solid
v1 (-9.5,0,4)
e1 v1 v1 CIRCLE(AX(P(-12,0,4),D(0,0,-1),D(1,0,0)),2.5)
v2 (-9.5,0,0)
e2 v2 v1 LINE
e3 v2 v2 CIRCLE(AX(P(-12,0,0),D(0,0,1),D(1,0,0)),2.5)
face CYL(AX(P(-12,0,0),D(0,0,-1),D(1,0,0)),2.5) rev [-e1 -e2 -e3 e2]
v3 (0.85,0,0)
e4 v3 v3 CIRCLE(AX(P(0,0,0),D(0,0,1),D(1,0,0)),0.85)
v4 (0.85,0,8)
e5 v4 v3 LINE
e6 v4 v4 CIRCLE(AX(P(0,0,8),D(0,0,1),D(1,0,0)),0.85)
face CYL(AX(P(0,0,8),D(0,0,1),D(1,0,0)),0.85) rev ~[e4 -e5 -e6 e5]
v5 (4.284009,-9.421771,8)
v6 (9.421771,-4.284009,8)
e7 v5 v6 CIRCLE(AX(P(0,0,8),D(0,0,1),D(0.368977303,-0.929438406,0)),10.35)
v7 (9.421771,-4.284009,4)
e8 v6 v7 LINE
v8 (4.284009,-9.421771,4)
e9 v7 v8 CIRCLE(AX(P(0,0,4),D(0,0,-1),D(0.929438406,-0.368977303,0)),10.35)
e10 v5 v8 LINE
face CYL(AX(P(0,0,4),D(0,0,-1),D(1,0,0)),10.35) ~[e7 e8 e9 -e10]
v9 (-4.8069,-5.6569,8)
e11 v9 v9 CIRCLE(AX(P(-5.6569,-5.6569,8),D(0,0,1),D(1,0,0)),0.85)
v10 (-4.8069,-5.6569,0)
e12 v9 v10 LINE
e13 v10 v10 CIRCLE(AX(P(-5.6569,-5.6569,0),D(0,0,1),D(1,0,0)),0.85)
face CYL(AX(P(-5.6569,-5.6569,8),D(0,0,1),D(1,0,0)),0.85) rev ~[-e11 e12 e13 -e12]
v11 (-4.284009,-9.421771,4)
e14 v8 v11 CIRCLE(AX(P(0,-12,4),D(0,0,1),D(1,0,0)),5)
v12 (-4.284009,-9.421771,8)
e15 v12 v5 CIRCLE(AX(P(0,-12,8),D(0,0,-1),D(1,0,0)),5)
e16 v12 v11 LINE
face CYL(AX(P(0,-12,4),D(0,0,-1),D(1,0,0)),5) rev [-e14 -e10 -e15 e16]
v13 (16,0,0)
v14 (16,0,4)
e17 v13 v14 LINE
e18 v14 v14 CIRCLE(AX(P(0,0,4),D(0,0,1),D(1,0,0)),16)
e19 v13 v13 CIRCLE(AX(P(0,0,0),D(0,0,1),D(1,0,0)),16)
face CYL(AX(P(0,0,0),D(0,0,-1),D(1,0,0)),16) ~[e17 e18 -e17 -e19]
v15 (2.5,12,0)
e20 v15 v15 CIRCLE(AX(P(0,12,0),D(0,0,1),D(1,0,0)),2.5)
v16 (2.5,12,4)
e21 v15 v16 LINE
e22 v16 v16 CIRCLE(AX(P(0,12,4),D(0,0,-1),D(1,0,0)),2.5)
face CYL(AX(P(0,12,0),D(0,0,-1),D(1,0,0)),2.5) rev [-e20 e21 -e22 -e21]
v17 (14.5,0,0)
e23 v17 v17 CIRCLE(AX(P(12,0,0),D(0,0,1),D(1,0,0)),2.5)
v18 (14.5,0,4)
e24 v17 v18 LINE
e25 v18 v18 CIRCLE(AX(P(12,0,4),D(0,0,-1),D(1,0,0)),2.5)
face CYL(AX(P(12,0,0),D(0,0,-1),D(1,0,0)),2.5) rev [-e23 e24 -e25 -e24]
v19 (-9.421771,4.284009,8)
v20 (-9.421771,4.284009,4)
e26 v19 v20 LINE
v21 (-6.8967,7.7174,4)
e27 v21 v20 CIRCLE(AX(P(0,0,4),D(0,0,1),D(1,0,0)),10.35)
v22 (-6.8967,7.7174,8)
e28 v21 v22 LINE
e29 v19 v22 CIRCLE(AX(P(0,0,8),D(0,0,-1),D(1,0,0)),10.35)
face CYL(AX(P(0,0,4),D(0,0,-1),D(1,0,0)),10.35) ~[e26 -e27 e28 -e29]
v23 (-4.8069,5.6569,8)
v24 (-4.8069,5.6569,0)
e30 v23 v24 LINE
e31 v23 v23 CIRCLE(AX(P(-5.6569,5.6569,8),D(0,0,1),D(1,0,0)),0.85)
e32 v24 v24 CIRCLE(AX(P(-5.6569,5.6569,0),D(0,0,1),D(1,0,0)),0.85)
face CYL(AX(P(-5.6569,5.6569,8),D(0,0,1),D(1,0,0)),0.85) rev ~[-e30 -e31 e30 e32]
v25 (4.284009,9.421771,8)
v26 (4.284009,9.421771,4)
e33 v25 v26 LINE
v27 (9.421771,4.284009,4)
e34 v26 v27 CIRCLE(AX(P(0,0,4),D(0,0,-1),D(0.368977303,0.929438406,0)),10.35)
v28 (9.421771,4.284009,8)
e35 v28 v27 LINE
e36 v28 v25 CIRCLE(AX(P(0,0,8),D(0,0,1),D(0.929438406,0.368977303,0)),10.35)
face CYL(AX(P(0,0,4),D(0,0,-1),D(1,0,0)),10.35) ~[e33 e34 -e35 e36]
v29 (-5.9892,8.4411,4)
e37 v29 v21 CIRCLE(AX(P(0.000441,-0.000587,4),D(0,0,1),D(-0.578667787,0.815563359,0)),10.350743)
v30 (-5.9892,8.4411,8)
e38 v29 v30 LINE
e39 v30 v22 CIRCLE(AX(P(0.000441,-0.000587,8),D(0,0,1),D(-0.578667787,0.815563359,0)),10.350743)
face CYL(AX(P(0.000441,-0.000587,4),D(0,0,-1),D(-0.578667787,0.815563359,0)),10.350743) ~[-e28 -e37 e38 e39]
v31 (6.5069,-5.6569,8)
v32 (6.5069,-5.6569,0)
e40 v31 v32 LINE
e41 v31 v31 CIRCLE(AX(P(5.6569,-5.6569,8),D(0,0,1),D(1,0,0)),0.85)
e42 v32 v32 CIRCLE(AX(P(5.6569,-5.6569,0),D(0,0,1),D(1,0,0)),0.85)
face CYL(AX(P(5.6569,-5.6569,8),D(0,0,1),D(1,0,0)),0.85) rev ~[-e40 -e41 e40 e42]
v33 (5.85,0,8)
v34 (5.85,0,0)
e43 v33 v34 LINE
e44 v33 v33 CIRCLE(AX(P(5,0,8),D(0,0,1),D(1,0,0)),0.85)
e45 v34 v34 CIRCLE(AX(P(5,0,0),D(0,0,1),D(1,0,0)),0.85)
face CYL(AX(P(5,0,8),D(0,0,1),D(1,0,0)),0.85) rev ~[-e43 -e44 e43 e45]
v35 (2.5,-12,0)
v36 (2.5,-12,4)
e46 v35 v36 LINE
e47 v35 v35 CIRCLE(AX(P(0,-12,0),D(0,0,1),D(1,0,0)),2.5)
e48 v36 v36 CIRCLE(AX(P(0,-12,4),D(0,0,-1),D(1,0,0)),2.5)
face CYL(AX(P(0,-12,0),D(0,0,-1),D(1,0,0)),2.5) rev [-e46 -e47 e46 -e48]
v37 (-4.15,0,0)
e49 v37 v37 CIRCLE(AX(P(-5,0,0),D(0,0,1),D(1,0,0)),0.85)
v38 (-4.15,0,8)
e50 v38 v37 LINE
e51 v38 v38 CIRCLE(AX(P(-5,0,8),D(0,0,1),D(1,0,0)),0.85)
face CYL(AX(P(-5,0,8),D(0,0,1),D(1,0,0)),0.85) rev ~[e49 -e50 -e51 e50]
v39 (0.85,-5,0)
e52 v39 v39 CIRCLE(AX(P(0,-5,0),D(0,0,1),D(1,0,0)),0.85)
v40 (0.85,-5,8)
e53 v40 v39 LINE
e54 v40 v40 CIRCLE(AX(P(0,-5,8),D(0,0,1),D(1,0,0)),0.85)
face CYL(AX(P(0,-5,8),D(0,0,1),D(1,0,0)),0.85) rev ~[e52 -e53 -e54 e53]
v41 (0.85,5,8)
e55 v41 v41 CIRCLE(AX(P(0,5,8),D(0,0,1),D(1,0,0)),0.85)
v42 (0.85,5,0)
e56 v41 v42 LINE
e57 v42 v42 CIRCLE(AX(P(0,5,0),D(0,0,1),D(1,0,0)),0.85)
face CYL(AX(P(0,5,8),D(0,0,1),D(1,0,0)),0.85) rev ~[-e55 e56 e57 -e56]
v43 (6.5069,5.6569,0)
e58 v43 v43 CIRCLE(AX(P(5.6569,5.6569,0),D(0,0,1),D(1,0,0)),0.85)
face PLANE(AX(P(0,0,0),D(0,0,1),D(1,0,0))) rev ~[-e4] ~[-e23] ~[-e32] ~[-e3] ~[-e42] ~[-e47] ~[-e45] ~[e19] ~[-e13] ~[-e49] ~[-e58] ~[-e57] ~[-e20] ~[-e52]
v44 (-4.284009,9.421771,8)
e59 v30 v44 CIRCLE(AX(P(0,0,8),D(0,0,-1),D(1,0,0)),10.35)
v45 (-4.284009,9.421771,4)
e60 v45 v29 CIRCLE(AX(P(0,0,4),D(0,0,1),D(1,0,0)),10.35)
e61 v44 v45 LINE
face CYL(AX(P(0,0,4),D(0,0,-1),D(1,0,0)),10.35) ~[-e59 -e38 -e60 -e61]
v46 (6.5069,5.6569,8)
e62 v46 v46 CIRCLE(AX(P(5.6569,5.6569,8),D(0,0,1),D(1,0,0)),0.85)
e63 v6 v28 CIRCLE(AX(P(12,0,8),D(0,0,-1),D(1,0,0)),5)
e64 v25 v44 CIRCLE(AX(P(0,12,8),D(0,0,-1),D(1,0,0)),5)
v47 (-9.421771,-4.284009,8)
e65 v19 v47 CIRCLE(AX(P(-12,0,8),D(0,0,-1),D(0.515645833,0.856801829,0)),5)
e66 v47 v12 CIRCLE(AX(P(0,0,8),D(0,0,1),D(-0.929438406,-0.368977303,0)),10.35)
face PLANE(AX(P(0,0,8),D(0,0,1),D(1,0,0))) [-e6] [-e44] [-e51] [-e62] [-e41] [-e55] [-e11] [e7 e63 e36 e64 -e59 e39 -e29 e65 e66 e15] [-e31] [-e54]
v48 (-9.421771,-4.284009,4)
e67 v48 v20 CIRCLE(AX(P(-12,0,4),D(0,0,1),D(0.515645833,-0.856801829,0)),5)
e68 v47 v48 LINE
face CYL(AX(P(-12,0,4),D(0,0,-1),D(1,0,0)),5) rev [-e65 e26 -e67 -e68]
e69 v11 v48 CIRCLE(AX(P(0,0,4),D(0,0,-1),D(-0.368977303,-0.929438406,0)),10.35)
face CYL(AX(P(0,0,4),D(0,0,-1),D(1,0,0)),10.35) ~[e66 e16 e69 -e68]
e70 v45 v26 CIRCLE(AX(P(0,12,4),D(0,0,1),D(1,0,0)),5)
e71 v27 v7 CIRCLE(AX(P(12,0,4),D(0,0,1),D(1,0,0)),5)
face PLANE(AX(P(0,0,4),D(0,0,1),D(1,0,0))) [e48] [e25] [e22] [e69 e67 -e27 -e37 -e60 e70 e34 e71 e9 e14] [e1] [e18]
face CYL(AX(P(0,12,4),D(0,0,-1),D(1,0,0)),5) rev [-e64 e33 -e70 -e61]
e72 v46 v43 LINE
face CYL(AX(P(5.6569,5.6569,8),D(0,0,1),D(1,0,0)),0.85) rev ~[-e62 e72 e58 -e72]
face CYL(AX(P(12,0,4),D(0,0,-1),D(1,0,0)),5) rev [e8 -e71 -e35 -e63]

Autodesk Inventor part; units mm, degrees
ref_plane "YZ Plane" through (0, 0, 0) normal (1, 0, 0) x (0, 1, 0)
ref_plane "XZ Plane" through (0, 0, 0) normal (0, 1, 0) x (-1, 0, 0)
ref_plane "XY Plane" through (0, 0, 0) normal (0, 0, 1) x (1, 0, 0)
sketch "Sketch1" plane through (0, 0, 0) normal (0, 0, 1) x (1, 0, 0)
  circle A0 centre (0, 0) radius 16
  circle A1 centre (0, 0) radius 4
  circle A2 centre (12, 0) radius 2.5
  circle A3 centre (0, 12) radius 2.5
  circle A4 centre (-12, 0) radius 2.5
  circle A5 centre (0, -12) radius 2.5
  dimension "d0" = 32
  dimension "d1" = 8
  dimension "d2" = 5
  dimension "d3" = 12
  dimension "d6" = 360
extrude "Extrusion1" add sketch "Sketch1" along normal blind 4 contours A0 | A1
sketch "Sketch3" plane through (0, 0, 4) normal (0, 0, 1) x (1, 0, 0)
  arc A0 (-6.9584, 12.5904) -> (-5.9892, 8.4411) centre (5.202, 13.243) ccw
  arc A1 (-5.9892, 8.4411) -> (-6.8967, 7.7174) centre (0, 0) ccw
  arc A2 (-6.8967, 7.7174) -> (-10.7263, 9.5856) centre (-14.0685, -2.1247) ccw
  arc A3 (-10.7263, 9.5856) -> (-11.7321, 8.3244) centre (0, 0) ccw
  arc A4 (-11.7321, 8.3244) -> (-9.0586, 5.0065) centre (-1.0591, 14.1885) ccw
  arc A5 (-9.0586, 5.0065) -> (-9.5622, 3.9608) centre (0, 0) ccw
  arc A6 (-9.5622, 3.9608) -> (-13.8231, 3.9824) centre (-11.7534, -8.0184) ccw
  arc A7 (-13.8231, 3.9824) -> (-14.1821, 2.4096) centre (0, 0) ccw
  arc A8 (-14.1821, 2.4096) -> (-10.3337, 0.5803) centre (-7.1104, 12.3239) ccw
  arc A9 (-10.3337, 0.5803) -> (-10.3337, -0.5803) centre (0, 0) ccw
  arc A10 (-10.3337, -0.5803) -> (-14.1821, -2.4096) centre (-7.1104, -12.3239) ccw
  arc A11 (-14.1821, -2.4096) -> (-13.8231, -3.9824) centre (0, 0) ccw
  arc A12 (-13.8231, -3.9824) -> (-9.5622, -3.9608) centre (-11.7534, 8.0184) ccw
  arc A13 (-9.5622, -3.9608) -> (-9.0586, -5.0065) centre (0, 0) ccw
  arc A14 (-9.0586, -5.0065) -> (-11.7321, -8.3244) centre (-1.0591, -14.1885) ccw
  arc A15 (-11.7321, -8.3244) -> (-10.7263, -9.5856) centre (0, 0) ccw
  arc A16 (-10.7263, -9.5856) -> (-6.8967, -7.7174) centre (-14.0685, 2.1247) ccw
  arc A17 (-6.8967, -7.7174) -> (-5.9892, -8.4411) centre (0, 0) ccw
  arc A18 (-5.9892, -8.4411) -> (-6.9584, -12.5904) centre (5.202, -13.243) ccw
  arc A19 (-6.9584, -12.5904) -> (-5.505, -13.2903) centre (0, 0) ccw
  arc A20 (-5.505, -13.2903) -> (-2.8652, -9.9455) centre (-13.5971, -4.1898) ccw
  arc A21 (-2.8652, -9.9455) -> (-1.7337, -10.2038) centre (0, 0) ccw
  arc A22 (-1.7337, -10.2038) -> (-0.8066, -14.3627) centre (10.4327, -9.6744) ccw
  arc A23 (-0.8066, -14.3627) -> (0.8066, -14.3627) centre (0, 0) ccw
  arc A24 (0.8066, -14.3627) -> (1.7337, -10.2038) centre (-10.4327, -9.6744) ccw
  arc A25 (1.7337, -10.2038) -> (2.8652, -9.9455) centre (0, 0) ccw
  arc A26 (2.8652, -9.9455) -> (5.505, -13.2903) centre (13.5971, -4.1898) ccw
  arc A27 (5.505, -13.2903) -> (6.9584, -12.5904) centre (0, 0) ccw
  arc A28 (6.9584, -12.5904) -> (5.9892, -8.4411) centre (-5.202, -13.243) ccw
  arc A29 (5.9892, -8.4411) -> (6.8967, -7.7174) centre (0, 0) ccw
  arc A30 (6.8967, -7.7174) -> (10.7263, -9.5856) centre (14.0685, 2.1247) ccw
  arc A31 (10.7263, -9.5856) -> (11.7321, -8.3244) centre (0, 0) ccw
  arc A32 (11.7321, -8.3244) -> (9.0586, -5.0065) centre (1.0591, -14.1885) ccw
  arc A33 (9.0586, -5.0065) -> (9.5622, -3.9608) centre (0, 0) ccw
  arc A34 (9.5622, -3.9608) -> (13.8231, -3.9824) centre (11.7534, 8.0184) ccw
  arc A35 (13.8231, -3.9824) -> (14.1821, -2.4096) centre (0, 0) ccw
  arc A36 (14.1821, -2.4096) -> (10.3337, -0.5803) centre (7.1104, -12.3239) ccw
  arc A37 (10.3337, -0.5803) -> (10.3337, 0.5803) centre (0, 0) ccw
  arc A38 (10.3337, 0.5803) -> (14.1821, 2.4096) centre (7.1104, 12.3239) ccw
  arc A39 (14.1821, 2.4096) -> (13.8231, 3.9824) centre (0, 0) ccw
  arc A40 (13.8231, 3.9824) -> (9.5622, 3.9608) centre (11.7534, -8.0184) ccw
  arc A41 (9.5622, 3.9608) -> (9.0586, 5.0065) centre (0, 0) ccw
  arc A42 (9.0586, 5.0065) -> (11.7321, 8.3244) centre (1.0591, 14.1885) ccw
  arc A43 (11.7321, 8.3244) -> (10.7263, 9.5856) centre (0, 0) ccw
  arc A44 (10.7263, 9.5856) -> (6.8967, 7.7174) centre (14.0685, -2.1247) ccw
  arc A45 (6.8967, 7.7174) -> (5.9892, 8.4411) centre (0, 0) ccw
  arc A46 (5.9892, 8.4411) -> (6.9584, 12.5904) centre (-5.202, 13.243) ccw
  arc A47 (6.9584, 12.5904) -> (5.505, 13.2903) centre (0, 0) ccw
  arc A48 (5.505, 13.2903) -> (2.8652, 9.9455) centre (13.5971, 4.1898) ccw
  arc A49 (2.8652, 9.9455) -> (1.7337, 10.2038) centre (0, 0) ccw
  arc A50 (1.7337, 10.2038) -> (0.8066, 14.3627) centre (-10.4327, 9.6744) ccw
  arc A51 (0.8066, 14.3627) -> (-0.8066, 14.3627) centre (0, 0) ccw
  arc A52 (-0.8066, 14.3627) -> (-1.7337, 10.2038) centre (10.4327, 9.6744) ccw
  arc A53 (-1.7337, 10.2038) -> (-2.8652, 9.9455) centre (0, 0) ccw
  arc A54 (-2.8652, 9.9455) -> (-5.505, 13.2903) centre (-13.5971, 4.1898) ccw
  arc A55 (-5.505, 13.2903) -> (-6.9584, 12.5904) centre (0, 0) ccw
extrude "Extrusion3" add sketch "Sketch3" along normal blind 4
sketch "Sketch2" plane through (0, 0, 4) normal (0, 0, 1) x (1, 0, 0)
  circle A0 centre (12, 0) radius 2.5
  arc A1 (-1.7381, -10.203) -> (1.7381, -10.203) centre (0, -12) ccw
  arc A2 (1.7381, 10.203) -> (-1.7381, 10.203) centre (0, 12) ccw
  arc A3 (13.5312, -1.9762) -> (13.5312, 1.9762) centre (12, 0) ccw
  circle A4 centre (0, 0) radius 16 construction
  circle A5 centre (12, 0) radius 4.5
  circle A6 centre (0, 12) radius 4.5
  circle A7 centre (-12, 0) radius 4.5
  circle A8 centre (0, -12) radius 4.5
  arc A9 (14.1821, -2.4096) -> (13.5312, -1.9762) centre (7.1104, -12.3239) ccw
  arc A10 (13.8231, -3.9824) -> (14.1821, -2.4096) centre (0, 0) ccw
  arc A11 (9.5622, -3.9608) -> (13.8231, -3.9824) centre (11.7534, 8.0184) ccw
  arc A12 (9.0586, -5.0065) -> (9.5622, -3.9608) centre (0, 0) ccw
  arc A13 (11.7321, -8.3244) -> (9.0586, -5.0065) centre (1.0591, -14.1885) ccw
  arc A14 (10.7263, -9.5856) -> (11.7321, -8.3244) centre (0, 0) ccw
  arc A15 (6.8967, -7.7174) -> (10.7263, -9.5856) centre (14.0685, 2.1247) ccw
  arc A16 (5.9892, -8.4411) -> (6.8967, -7.7174) centre (0, 0) ccw
  arc A17 (6.9584, -12.5904) -> (5.9892, -8.4411) centre (-5.202, -13.243) ccw
  arc A18 (5.505, -13.2903) -> (6.9584, -12.5904) centre (0, 0) ccw
  arc A19 (2.8652, -9.9455) -> (5.505, -13.2903) centre (13.5971, -4.1898) ccw
  arc A20 (1.7381, -10.203) -> (2.8652, -9.9455) centre (0, 0) ccw
  arc A21 (-2.8652, -9.9455) -> (-1.7381, -10.203) centre (0, 0) ccw
  arc A22 (-5.505, -13.2903) -> (-2.8652, -9.9455) centre (-13.5971, -4.1898) ccw
  arc A23 (-6.9584, -12.5904) -> (-5.505, -13.2903) centre (0, 0) ccw
  arc A24 (-5.9892, -8.4411) -> (-6.9584, -12.5904) centre (5.202, -13.243) ccw
  arc A25 (-6.8967, -7.7174) -> (-5.9892, -8.4411) centre (0, 0) ccw
  arc A26 (-10.7263, -9.5856) -> (-6.8967, -7.7174) centre (-14.0685, 2.1247) ccw
  arc A27 (-11.7321, -8.3244) -> (-10.7263, -9.5856) centre (0, 0) ccw
  arc A28 (-9.0586, -5.0065) -> (-11.7321, -8.3244) centre (-1.0591, -14.1885) ccw
  arc A29 (-9.5622, -3.9608) -> (-9.0586, -5.0065) centre (0, 0) ccw
  arc A30 (-13.8231, -3.9824) -> (-9.5622, -3.9608) centre (-11.7534, 8.0184) ccw
  arc A31 (-14.1821, -2.4096) -> (-13.8231, -3.9824) centre (0, 0) ccw
  arc A32 (-13.5312, -1.9762) -> (-14.1821, -2.4096) centre (-7.1104, -12.3239) ccw
  arc A33 (-13.5312, 1.9762) -> (-13.5312, -1.9762) centre (-12, 0) ccw
  arc A34 (-14.1821, 2.4096) -> (-13.5312, 1.9762) centre (-7.1104, 12.3239) ccw
  arc A35 (-13.8231, 3.9824) -> (-14.1821, 2.4096) centre (0, 0) ccw
  arc A36 (-9.5622, 3.9608) -> (-13.8231, 3.9824) centre (-11.7534, -8.0184) ccw
  arc A37 (-9.0586, 5.0065) -> (-9.5622, 3.9608) centre (0, 0) ccw
  arc A38 (-11.7321, 8.3244) -> (-9.0586, 5.0065) centre (-1.0591, 14.1885) ccw
  arc A39 (-10.7263, 9.5856) -> (-11.7321, 8.3244) centre (0, 0) ccw
  arc A40 (-6.8967, 7.7174) -> (-10.7263, 9.5856) centre (-14.0685, -2.1247) ccw
  arc A41 (-5.9892, 8.4411) -> (-6.8967, 7.7174) centre (0, 0) ccw
  arc A42 (-6.9584, 12.5904) -> (-5.9892, 8.4411) centre (5.202, 13.243) ccw
  arc A43 (-5.505, 13.2903) -> (-6.9584, 12.5904) centre (0, 0) ccw
  arc A44 (-2.8652, 9.9455) -> (-5.505, 13.2903) centre (-13.5971, 4.1898) ccw
  arc A45 (-1.7381, 10.203) -> (-2.8652, 9.9455) centre (0, 0) ccw
  arc A46 (2.8652, 9.9455) -> (1.7381, 10.203) centre (0, 0) ccw
  arc A47 (5.505, 13.2903) -> (2.8652, 9.9455) centre (13.5971, 4.1898) ccw
  arc A48 (6.9584, 12.5904) -> (5.505, 13.2903) centre (0, 0) ccw
  arc A49 (5.9892, 8.4411) -> (6.9584, 12.5904) centre (-5.202, 13.243) ccw
  arc A50 (6.8967, 7.7174) -> (5.9892, 8.4411) centre (0, 0) ccw
  arc A51 (10.7263, 9.5856) -> (6.8967, 7.7174) centre (14.0685, -2.1247) ccw
  arc A52 (11.7321, 8.3244) -> (10.7263, 9.5856) centre (0, 0) ccw
  arc A53 (9.0586, 5.0065) -> (11.7321, 8.3244) centre (1.0591, 14.1885) ccw
  arc A54 (9.5622, 3.9608) -> (9.0586, 5.0065) centre (0, 0) ccw
  arc A55 (13.8231, 3.9824) -> (9.5622, 3.9608) centre (11.7534, -8.0184) ccw
  arc A56 (14.1821, 2.4096) -> (13.8231, 3.9824) centre (0, 0) ccw
  arc A57 (13.5312, 1.9762) -> (14.1821, 2.4096) centre (7.1104, 12.3239) ccw
  dimension "d10" = 9
  dimension "d13" = 360
extrude "Extrusion4" cut sketch "Sketch2" along normal blind 4 contours A0 | A0 A57 A56 A55 A5 A11 A10 A9 | A0 A9 A10 A11 A5 A55 A56 A57 | A47 A46 A2 A45 A44 A6 | A6 A44 A45 A2 A46 A47 | A19 A20 A1 A21 A22 A8 | A8 A22 A21 A1 A20 A19 | A36 A35 A34 A33 A32 A31 A30 A7 | A7 A30 A31 A32 A33 A34 A35 A36
sketch "Sketch4" plane through (0, 0, 8) normal (0, 0, 1) x (1, 0, 0)
  circle A0 centre (5, 0) radius 0.85
  circle A1 centre (0, 5) radius 0.85
  circle A2 centre (-5, 0) radius 0.85
  circle A3 centre (0, -5) radius 0.85
  circle A4 centre (5.6569, 5.6569) radius 0.85
  line L0 (0, 0) -> (5.6569, 5.6569) construction
  line L1 (0, 0) -> (5, 0) construction
  circle A5 centre (-5.6569, 5.6569) radius 0.85
  circle A6 centre (-5.6569, -5.6569) radius 0.85
  circle A7 centre (5.6569, -5.6569) radius 0.85
  circle A8 centre (0, 0) radius 0.85
  dimension "d21" = 1.7
  dimension "d22" = 5
  dimension "d25" = 360
  dimension "d27" = 1.7
  dimension "d28" = 45
  dimension "d29" = 8
  dimension "d32" = 360
  dimension "d34" = 1.7
extrude "Extrusion5" cut sketch "Sketch4" against normal through all
sketch "Sketch5" plane through (0, 0, 4) normal (0, 0, 1) x (1, 0, 0)
  circle A0 centre (0, 0) radius 0.85 projected
  arc A1 (-5.9892, 8.4411) -> (-6.8967, 7.7174) centre (0, 0) ccw projected
  circle A2 centre (0, 0) radius 10.35
  circle A3 centre (0, 0) radius 16 projected
extrude "Extrusion6" cut sketch "Sketch5" along normal through all contours A3
sketch "Sketch6" plane through (0, 0, 4) normal (0, 0, 1) x (1, 0, 0)
  circle A0 centre (12, 0) radius 2.5 projected
  circle A1 centre (12, 0) radius 5
  circle A2 centre (0, 12) radius 5
  circle A3 centre (-12, 0) radius 5
  circle A4 centre (0, -12) radius 5
  point P0 (0, 0)
  dimension "d39" = 10
  dimension "d42" = 360
extrude "Extrusion7" cut sketch "Sketch6" along normal through all contours A0 | A1 | A2 | A3 | A4
properties part number "AC08" material "ABS Plastic"
